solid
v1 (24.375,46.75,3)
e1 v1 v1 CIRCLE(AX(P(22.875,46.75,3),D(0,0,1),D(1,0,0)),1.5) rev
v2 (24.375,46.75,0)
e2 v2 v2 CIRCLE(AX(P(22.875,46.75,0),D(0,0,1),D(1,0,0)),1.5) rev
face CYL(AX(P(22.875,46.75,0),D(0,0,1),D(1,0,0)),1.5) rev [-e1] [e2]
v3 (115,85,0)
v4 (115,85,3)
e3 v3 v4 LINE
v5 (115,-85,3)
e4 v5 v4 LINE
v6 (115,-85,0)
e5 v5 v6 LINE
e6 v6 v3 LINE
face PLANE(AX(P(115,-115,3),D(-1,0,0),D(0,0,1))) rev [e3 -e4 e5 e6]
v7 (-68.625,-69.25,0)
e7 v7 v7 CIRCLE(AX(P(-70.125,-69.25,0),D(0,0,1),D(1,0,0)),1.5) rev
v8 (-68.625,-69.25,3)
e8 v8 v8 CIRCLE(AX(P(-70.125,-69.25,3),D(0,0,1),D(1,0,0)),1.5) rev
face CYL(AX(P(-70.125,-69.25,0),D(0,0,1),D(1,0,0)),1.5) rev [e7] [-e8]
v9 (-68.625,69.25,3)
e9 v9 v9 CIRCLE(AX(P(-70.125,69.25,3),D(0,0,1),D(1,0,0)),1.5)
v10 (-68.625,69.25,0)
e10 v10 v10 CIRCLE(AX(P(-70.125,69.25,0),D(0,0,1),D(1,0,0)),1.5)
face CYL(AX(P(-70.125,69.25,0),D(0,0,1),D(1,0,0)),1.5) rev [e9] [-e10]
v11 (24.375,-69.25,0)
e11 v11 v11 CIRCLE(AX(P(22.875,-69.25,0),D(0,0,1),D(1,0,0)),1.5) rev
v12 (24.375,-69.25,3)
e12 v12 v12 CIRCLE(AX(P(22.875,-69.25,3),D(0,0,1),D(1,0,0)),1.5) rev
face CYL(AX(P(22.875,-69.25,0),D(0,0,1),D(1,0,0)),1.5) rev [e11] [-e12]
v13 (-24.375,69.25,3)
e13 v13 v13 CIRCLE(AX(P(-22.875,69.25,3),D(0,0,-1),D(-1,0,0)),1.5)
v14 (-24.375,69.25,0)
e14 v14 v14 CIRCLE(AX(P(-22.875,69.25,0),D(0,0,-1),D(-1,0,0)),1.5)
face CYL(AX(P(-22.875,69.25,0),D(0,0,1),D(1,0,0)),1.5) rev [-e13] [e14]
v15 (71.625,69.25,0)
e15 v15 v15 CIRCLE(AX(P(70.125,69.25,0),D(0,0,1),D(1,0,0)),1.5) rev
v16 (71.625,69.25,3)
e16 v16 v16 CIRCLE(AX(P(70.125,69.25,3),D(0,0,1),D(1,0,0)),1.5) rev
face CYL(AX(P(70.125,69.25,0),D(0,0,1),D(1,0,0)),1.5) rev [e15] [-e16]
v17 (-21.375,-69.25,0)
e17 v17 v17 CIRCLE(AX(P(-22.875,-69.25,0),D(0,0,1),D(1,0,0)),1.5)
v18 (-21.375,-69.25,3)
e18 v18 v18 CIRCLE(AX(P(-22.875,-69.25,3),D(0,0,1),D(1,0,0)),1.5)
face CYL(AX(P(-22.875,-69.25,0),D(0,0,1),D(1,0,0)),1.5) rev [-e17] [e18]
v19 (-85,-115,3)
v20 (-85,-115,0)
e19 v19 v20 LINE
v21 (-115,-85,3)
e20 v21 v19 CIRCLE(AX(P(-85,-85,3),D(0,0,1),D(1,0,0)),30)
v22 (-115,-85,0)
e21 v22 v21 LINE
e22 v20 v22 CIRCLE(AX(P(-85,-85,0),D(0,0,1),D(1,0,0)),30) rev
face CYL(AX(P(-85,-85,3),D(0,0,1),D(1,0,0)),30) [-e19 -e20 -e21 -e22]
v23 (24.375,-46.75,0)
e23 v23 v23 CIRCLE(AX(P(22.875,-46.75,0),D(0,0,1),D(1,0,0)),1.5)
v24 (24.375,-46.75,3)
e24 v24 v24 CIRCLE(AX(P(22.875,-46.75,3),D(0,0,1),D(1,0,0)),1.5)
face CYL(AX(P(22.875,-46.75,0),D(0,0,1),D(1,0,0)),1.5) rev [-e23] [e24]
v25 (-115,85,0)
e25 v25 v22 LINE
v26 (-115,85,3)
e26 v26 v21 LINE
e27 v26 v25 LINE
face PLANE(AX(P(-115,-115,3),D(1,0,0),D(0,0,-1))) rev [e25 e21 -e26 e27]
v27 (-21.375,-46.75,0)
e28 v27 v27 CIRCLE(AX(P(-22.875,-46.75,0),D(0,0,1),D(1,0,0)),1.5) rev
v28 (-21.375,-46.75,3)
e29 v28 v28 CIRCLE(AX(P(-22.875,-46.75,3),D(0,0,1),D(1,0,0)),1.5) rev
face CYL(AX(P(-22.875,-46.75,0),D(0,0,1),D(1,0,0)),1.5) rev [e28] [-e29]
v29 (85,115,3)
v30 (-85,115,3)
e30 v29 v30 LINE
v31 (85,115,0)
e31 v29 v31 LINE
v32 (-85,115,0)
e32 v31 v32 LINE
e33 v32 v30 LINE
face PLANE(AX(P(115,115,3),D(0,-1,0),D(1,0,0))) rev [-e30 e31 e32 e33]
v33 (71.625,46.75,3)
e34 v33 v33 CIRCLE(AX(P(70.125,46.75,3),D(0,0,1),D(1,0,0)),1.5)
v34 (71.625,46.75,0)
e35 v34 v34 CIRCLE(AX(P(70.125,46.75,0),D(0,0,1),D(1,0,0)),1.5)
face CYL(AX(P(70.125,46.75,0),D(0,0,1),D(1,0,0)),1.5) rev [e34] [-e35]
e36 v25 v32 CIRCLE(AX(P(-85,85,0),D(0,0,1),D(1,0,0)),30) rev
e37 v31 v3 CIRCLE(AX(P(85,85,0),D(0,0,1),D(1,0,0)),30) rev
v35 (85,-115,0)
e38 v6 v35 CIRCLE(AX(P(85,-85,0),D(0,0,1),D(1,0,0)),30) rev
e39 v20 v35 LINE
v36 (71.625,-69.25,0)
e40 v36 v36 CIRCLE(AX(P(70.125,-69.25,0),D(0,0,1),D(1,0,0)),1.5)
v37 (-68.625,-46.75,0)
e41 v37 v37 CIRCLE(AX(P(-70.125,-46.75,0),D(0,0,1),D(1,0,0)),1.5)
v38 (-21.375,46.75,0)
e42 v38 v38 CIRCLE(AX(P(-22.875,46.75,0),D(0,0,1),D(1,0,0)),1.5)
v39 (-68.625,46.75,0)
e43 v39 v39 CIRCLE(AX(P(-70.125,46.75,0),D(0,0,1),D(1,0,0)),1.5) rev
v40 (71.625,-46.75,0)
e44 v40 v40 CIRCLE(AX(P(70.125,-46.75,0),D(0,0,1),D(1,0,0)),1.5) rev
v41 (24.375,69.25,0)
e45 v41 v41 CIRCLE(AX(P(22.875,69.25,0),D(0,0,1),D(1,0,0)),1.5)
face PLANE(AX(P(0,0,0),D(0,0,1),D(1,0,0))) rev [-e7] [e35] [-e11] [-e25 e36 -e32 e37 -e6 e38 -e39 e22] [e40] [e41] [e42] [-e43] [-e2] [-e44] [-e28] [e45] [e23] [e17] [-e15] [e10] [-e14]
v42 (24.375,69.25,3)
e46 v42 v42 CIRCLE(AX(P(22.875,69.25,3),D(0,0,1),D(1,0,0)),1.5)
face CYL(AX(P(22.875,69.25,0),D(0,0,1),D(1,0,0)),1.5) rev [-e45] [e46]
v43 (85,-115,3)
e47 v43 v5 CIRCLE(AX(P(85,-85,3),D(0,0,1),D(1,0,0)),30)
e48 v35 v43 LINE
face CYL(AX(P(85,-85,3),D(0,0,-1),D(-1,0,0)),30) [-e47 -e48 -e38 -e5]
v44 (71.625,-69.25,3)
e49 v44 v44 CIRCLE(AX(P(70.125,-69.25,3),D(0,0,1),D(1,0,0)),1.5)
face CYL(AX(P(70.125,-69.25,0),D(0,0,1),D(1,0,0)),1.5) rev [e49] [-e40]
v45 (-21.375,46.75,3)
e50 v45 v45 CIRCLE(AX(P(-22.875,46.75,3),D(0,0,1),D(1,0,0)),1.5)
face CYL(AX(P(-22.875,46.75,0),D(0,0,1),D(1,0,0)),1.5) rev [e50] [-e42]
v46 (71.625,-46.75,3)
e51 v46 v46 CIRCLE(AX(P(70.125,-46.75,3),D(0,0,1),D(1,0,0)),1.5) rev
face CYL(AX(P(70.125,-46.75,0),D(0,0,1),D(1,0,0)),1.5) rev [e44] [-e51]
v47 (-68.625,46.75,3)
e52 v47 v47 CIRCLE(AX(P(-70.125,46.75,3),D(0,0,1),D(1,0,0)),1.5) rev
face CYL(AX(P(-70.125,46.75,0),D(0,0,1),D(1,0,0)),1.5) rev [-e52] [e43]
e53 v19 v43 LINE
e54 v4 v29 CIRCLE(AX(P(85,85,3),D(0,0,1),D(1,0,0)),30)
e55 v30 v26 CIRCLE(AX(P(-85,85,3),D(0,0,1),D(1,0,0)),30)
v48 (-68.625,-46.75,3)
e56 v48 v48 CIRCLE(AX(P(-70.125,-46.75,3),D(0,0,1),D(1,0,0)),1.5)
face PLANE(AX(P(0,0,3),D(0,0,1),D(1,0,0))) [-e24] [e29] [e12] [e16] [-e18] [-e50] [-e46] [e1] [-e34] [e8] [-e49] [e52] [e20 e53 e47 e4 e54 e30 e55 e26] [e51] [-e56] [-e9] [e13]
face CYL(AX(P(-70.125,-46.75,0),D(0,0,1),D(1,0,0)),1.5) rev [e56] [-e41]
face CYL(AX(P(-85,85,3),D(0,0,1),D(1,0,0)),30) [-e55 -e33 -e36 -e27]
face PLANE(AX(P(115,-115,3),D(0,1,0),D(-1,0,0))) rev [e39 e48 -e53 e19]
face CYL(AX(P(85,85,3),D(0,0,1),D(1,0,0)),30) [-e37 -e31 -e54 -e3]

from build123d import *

# Parameters (mm, degrees)
CROQUIS1_W              = 230
CROQUIS1_H              = 230
SALIENTE_EXTRUIR1_DEPTH = 3
REDONDEO1_R             = 30
REDONDEO2_R             = 30
REDONDEO3_R             = 30
REDONDEO4_R             = 30
CROQUIS2_R              = 1.5
CORTAR_EXTRUIR1_DEPTH   = 3


with BuildPart() as part:
    # Croquis1 → Saliente-Extruir1 (new body)
    with BuildSketch(Plane.XY):
        Rectangle(CROQUIS1_W, CROQUIS1_H)
    extrude(amount=SALIENTE_EXTRUIR1_DEPTH)

    # Redondeo1
    redondeo1_edges = [part.edges().sort_by_distance(p)[0] for p in [
        (115, 115, 1.5),
    ]]
    fillet(redondeo1_edges, radius=REDONDEO1_R)

    # Redondeo2
    redondeo2_edges = [part.edges().sort_by_distance(p)[0] for p in [
        (115, -115, 1.5),
    ]]
    fillet(redondeo2_edges, radius=REDONDEO2_R)

    # Redondeo3
    redondeo3_edges = [part.edges().sort_by_distance(p)[0] for p in [
        (-115, -115, 1.5),
    ]]
    fillet(redondeo3_edges, radius=REDONDEO3_R)

    # Redondeo4
    redondeo4_edges = [part.edges().sort_by_distance(p)[0] for p in [
        (-115, 115, 1.5),
    ]]
    fillet(redondeo4_edges, radius=REDONDEO4_R)

    # Croquis2 → Cortar-Extruir1 (cut)
    with BuildSketch(Plane.XY.offset(3)):
        with Locations((-70.125, 69.25)):
            Circle(CROQUIS2_R)
        with Locations((-70.125, 46.75)):
            Circle(CROQUIS2_R)
        with Locations((-22.875, 46.75)):
            Circle(CROQUIS2_R)
        with Locations((22.875, 69.25)):
            Circle(CROQUIS2_R)
        with Locations((22.875, 46.75)):
            Circle(CROQUIS2_R)
        with Locations((70.125, 46.75)):
            Circle(CROQUIS2_R)
        with Locations((70.125, 69.25)):
            Circle(CROQUIS2_R)
        with Locations((70.125, -69.25)):
            Circle(CROQUIS2_R)
        with Locations((70.125, -46.75)):
            Circle(CROQUIS2_R)
        with Locations((22.875, -46.75)):
            Circle(CROQUIS2_R)
        with Locations((22.875, -69.25)):
            Circle(CROQUIS2_R)
        with Locations((-22.875, -69.25)):
            Circle(CROQUIS2_R)
        with Locations((-70.125, -69.25)):
            Circle(CROQUIS2_R)
        with Locations((-70.125, -46.75)):
            Circle(CROQUIS2_R)
        with Locations((-22.875, -46.75)):
            Circle(CROQUIS2_R)
        with Locations(Location((-22.875, 69.25, 0), (0, 0, 180))):
            Circle(CROQUIS2_R)
    extrude(amount=-CORTAR_EXTRUIR1_DEPTH, mode=Mode.SUBTRACT)


solid = part.part
